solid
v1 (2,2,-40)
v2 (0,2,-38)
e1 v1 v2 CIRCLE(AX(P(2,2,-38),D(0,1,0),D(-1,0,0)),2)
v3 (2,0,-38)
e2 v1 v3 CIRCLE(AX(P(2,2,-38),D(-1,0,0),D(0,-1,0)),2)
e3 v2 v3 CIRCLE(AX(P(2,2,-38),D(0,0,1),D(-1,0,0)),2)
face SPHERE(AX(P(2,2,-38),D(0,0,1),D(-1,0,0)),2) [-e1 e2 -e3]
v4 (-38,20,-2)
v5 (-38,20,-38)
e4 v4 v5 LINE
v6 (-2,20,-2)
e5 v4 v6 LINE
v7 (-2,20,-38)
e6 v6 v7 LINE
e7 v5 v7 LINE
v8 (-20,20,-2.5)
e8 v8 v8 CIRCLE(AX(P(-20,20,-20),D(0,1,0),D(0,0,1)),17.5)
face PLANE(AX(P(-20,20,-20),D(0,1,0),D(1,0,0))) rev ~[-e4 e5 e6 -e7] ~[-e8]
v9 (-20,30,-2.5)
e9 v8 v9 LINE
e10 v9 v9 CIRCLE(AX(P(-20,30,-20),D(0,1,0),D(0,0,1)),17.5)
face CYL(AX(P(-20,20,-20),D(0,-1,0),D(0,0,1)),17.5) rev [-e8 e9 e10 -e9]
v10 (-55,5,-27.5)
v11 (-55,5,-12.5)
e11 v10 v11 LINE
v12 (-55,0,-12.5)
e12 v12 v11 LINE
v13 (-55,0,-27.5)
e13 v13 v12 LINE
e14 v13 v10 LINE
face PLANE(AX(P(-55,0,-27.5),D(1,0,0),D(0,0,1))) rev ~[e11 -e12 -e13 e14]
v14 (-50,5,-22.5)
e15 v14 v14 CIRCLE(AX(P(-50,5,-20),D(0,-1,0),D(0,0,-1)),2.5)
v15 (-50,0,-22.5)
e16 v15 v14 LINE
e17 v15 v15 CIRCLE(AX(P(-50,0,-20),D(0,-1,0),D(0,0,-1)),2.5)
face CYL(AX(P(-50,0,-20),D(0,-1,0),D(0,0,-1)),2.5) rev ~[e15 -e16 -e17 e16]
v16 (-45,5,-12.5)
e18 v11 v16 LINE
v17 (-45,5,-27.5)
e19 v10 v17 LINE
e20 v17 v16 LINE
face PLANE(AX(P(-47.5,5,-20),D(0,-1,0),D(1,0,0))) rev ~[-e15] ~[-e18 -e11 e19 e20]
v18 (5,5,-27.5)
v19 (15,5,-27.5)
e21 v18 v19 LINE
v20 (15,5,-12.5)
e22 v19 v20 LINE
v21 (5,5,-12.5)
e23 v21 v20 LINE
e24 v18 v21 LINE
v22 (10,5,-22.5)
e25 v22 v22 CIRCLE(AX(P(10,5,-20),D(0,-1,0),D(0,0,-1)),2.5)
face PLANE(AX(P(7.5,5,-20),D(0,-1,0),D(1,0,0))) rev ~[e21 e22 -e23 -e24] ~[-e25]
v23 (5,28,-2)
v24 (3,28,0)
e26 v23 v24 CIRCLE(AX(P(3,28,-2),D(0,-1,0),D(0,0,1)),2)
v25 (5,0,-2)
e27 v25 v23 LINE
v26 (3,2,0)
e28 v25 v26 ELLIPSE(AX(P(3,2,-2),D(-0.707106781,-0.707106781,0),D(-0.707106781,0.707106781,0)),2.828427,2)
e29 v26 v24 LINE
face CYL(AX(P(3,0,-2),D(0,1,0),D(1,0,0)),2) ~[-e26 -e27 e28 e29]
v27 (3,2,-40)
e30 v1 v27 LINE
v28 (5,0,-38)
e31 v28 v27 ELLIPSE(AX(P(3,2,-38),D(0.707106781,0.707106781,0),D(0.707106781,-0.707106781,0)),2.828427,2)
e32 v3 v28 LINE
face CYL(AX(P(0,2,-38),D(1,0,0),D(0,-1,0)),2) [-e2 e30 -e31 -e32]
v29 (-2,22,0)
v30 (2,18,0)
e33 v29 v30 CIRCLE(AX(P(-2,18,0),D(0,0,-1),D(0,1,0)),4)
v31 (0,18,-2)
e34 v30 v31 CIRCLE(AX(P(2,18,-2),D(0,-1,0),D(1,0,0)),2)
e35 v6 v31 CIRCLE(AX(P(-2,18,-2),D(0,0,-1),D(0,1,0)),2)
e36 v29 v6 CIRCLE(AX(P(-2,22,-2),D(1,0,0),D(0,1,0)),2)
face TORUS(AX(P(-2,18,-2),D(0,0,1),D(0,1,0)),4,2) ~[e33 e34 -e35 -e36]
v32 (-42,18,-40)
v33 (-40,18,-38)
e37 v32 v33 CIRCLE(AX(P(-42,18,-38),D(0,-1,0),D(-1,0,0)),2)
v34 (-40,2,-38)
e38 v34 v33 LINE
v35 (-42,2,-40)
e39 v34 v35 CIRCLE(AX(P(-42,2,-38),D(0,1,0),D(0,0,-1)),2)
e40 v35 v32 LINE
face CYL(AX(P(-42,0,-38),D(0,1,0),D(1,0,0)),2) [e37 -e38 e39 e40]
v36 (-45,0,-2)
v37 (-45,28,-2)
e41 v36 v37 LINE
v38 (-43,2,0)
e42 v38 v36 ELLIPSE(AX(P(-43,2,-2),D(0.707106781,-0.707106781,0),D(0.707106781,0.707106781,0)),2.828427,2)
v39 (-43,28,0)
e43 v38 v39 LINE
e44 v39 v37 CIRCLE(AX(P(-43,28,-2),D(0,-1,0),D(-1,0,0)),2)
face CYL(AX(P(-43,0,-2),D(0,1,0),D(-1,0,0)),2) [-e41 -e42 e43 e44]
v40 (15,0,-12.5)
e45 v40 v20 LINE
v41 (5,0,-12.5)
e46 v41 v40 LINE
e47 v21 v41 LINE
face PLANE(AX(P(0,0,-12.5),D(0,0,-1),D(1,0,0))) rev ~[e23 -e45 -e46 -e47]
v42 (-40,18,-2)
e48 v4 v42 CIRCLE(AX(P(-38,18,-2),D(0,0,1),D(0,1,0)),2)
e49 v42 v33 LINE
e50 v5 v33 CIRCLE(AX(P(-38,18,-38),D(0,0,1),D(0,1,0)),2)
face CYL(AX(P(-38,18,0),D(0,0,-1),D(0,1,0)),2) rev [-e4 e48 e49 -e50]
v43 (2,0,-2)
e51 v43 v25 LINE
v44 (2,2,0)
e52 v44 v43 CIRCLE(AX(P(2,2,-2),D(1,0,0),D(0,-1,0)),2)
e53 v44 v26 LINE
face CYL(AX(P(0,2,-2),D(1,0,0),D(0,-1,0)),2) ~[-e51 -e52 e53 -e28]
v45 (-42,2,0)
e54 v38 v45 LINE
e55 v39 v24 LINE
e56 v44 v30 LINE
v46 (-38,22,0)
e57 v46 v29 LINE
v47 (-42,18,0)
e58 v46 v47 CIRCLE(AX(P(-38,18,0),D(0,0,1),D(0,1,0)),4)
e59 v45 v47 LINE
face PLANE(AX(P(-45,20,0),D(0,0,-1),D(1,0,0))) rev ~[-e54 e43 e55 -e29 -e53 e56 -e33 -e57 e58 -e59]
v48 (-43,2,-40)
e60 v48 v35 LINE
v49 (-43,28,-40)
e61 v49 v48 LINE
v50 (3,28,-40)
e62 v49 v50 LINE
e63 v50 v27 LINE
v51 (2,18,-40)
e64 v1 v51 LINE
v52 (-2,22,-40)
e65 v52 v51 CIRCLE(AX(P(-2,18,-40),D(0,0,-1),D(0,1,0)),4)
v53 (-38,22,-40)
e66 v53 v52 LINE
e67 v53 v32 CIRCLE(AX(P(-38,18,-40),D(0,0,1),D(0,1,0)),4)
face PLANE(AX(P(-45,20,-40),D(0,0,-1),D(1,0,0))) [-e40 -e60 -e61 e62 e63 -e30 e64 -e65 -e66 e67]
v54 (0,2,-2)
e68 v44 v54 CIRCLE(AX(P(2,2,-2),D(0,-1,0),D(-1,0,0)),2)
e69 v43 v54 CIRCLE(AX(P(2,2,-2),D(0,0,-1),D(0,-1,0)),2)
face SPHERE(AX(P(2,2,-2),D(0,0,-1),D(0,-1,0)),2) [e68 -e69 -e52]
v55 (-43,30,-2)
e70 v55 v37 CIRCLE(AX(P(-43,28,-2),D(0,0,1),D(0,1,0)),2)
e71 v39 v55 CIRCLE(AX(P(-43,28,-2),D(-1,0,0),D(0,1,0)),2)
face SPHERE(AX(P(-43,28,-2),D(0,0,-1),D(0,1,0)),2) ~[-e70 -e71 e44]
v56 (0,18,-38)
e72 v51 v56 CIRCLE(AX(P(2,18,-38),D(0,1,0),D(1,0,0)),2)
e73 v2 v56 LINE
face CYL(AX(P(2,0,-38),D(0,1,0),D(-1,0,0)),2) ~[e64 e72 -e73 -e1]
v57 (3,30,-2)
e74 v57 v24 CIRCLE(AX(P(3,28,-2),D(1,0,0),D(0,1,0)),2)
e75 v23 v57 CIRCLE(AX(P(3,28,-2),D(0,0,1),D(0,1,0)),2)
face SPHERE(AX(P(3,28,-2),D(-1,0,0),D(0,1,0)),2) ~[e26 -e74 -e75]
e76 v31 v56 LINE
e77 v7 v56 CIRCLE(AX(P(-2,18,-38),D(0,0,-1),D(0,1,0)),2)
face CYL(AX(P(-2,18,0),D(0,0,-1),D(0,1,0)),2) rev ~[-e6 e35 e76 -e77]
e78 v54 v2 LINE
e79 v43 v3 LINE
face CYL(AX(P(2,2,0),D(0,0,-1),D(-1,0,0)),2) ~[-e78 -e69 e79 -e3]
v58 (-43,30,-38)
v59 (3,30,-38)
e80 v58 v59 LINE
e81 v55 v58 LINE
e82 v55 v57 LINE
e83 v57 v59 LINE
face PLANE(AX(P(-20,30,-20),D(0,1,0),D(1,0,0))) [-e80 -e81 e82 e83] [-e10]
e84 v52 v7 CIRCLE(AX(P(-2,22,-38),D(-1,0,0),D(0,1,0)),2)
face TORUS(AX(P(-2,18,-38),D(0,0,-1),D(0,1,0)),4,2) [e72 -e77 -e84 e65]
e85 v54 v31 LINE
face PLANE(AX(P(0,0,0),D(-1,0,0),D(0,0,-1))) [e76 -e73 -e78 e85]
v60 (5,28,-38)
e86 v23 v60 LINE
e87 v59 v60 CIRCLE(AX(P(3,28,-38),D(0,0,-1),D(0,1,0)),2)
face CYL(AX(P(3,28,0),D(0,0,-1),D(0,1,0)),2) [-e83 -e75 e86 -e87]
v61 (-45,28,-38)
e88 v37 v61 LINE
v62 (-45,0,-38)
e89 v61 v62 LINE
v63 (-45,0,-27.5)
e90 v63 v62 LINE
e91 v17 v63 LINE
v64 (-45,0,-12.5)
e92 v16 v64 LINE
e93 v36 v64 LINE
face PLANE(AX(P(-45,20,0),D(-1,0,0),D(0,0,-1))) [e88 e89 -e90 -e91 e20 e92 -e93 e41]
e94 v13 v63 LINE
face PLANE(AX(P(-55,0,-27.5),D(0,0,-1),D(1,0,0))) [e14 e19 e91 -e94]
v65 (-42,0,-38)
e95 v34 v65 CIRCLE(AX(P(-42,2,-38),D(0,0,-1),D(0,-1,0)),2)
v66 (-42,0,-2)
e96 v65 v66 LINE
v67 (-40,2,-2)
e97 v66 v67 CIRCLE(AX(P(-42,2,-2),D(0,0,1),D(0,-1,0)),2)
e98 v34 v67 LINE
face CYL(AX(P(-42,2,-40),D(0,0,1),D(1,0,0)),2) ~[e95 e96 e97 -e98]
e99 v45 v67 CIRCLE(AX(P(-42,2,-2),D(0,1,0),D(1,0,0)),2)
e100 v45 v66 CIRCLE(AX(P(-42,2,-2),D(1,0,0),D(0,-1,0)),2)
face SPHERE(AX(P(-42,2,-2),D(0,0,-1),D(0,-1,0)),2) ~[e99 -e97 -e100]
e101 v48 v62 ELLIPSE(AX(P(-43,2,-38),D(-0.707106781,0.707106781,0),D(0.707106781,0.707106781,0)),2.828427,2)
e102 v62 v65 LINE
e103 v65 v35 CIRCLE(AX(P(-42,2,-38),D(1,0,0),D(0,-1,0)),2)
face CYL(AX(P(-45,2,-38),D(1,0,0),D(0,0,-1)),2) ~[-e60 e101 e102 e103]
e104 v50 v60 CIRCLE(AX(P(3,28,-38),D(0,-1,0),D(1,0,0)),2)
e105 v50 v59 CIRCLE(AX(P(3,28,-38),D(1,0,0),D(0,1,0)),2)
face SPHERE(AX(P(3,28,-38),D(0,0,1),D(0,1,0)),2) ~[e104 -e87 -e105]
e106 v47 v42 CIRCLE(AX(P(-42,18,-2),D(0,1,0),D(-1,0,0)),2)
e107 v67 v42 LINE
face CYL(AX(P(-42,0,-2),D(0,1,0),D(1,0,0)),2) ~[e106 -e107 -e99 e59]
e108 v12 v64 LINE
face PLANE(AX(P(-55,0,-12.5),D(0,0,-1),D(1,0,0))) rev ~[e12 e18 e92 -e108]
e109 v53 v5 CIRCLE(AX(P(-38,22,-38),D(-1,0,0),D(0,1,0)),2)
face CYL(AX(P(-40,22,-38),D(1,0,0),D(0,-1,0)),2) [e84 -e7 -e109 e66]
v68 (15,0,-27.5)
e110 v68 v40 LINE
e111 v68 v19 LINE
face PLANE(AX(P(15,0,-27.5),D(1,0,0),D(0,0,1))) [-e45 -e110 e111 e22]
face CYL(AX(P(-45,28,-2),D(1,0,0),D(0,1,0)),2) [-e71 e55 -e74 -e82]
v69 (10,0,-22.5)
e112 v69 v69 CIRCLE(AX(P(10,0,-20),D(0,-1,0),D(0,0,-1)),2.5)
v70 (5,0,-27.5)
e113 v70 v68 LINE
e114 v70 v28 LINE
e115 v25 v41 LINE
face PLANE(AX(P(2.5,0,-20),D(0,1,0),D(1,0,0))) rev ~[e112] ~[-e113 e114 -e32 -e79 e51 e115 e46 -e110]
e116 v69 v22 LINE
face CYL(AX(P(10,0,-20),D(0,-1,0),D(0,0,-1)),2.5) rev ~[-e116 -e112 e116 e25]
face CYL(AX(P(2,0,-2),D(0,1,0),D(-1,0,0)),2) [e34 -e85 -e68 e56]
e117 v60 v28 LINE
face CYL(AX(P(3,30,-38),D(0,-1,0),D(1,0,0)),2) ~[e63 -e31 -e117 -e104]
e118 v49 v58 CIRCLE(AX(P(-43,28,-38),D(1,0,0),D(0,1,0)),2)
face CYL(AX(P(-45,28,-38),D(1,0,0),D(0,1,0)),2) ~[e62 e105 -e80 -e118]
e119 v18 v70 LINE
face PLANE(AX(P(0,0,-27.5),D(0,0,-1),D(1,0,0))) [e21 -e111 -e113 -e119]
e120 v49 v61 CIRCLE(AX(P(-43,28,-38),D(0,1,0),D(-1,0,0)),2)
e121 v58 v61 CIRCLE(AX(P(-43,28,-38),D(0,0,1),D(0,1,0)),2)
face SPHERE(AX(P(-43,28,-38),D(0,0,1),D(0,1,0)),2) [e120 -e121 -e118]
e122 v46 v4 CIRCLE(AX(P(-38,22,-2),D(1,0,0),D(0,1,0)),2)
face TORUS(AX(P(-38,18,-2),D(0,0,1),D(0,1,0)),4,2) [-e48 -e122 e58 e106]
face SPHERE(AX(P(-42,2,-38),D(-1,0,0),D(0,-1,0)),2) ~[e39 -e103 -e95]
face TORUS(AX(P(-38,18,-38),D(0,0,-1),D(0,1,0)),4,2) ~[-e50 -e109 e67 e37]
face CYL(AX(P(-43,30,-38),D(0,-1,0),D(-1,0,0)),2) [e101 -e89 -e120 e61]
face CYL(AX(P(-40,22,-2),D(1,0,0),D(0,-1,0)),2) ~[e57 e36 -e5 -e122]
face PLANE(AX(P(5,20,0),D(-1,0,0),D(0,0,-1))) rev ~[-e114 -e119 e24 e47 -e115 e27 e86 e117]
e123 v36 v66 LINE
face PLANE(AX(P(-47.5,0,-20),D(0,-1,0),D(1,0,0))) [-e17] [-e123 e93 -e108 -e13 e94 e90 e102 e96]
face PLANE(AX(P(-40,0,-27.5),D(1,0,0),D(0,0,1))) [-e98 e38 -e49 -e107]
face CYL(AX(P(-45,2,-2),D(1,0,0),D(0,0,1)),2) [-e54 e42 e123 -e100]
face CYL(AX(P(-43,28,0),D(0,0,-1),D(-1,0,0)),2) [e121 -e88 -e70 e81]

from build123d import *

# Parameters (mm, degrees)
SKETCH1_W             = 5
SKETCH1_H             = 40
BOSS_EXTRUDE1_DEPTH   = 20
BOSS_EXTRUDE1_2_DEPTH = 20
SKETCH2_W             = 50
SKETCH2_H             = 40
SKETCH2_R             = 17.5
BOSS_EXTRUDE2_DEPTH   = 10
SKETCH3_W             = 15
SKETCH3_H             = 15
SKETCH3_R             = 2.5
BOSS_EXTRUDE3_DEPTH   = 5
FILLET1_R             = 2


with BuildPart() as part:
    # Sketch1 → Boss-Extrude1 (new body)
    with BuildSketch(Plane(origin=(0, 0, 0), x_dir=(1, 0, 0), z_dir=(0, 1, 0))):
        with Locations((-42.5, 20)):
            Rectangle(SKETCH1_W, SKETCH1_H)
    extrude(amount=BOSS_EXTRUDE1_DEPTH)



with BuildPart() as body_2:
    # Sketch1 → Boss-Extrude1 2 (new body)
    with BuildSketch(Plane(origin=(0, 0, 0), x_dir=(1, 0, 0), z_dir=(0, 1, 0))):
        with Locations((2.5, 20)):
            Rectangle(SKETCH1_W, SKETCH1_H)
    extrude(amount=BOSS_EXTRUDE1_2_DEPTH)


with BuildPart() as part_1:
    add(part.part)

    add(body_2.part)  # Boss-Extrude2 merges body 2
    # Sketch2 → Boss-Extrude2 (add)
    with BuildSketch(Plane(origin=(0, 20, 0), x_dir=(1, 0, 0), z_dir=(0, 1, 0))):
        with Locations((-20, 20)):
            Rectangle(SKETCH2_W, SKETCH2_H)
        with Locations(Location((-20, 20, 0), (0, 0, 270))):
            Circle(SKETCH2_R, mode=Mode.SUBTRACT)
    extrude(amount=BOSS_EXTRUDE2_DEPTH)

    # Sketch3 → Boss-Extrude3 (add)
    # profile 1 of 2: a face of its own
    with BuildSketch(Plane.XZ):
        with Locations((-47.5, -20)):
            Rectangle(SKETCH3_W, SKETCH3_H)
        with Locations(Location((-50, -20, 0), (0, 0, 270))):
            Circle(SKETCH3_R, mode=Mode.SUBTRACT)
    # profile 2 of 2: a face of its own
    with BuildSketch(Plane.XZ):
        with Locations((7.5, -20)):
            Rectangle(SKETCH3_W, SKETCH3_H)
        with Locations(Location((10, -20, 0), (0, 0, 270))):
            Circle(SKETCH3_R, mode=Mode.SUBTRACT)
    extrude(amount=-BOSS_EXTRUDE3_DEPTH)

    # Fillet1
    fillet1_edges = [part_1.edges().sort_by_distance(p)[0] for p in [
        (-40, 20, -20),
        (-45, 30, -20),
        (-20, 30, 0),
        (5, 30, -20),
        (-20, 30, -40),
        (-20, 20, 0),
        (5, 15, 0),
        (5, 15, -40),
        (-20, 20, -40),
        (0, 0, -20),
        (0, 10, -40),
        (2.5, 0, 0),
        (0, 10, 0),
        (2.5, 0, -40),
        (0, 20, -20),
        (-42.5, 0, -40),
        (-40, 0, -20),
        (-42.5, 0, 0),
        (-45, 15, -40),
        (-40, 10, -40),
        (-40, 10, 0),
        (-45, 15, 0),
    ]]
    fillet(fillet1_edges, radius=FILLET1_R)


solid = part_1.part
